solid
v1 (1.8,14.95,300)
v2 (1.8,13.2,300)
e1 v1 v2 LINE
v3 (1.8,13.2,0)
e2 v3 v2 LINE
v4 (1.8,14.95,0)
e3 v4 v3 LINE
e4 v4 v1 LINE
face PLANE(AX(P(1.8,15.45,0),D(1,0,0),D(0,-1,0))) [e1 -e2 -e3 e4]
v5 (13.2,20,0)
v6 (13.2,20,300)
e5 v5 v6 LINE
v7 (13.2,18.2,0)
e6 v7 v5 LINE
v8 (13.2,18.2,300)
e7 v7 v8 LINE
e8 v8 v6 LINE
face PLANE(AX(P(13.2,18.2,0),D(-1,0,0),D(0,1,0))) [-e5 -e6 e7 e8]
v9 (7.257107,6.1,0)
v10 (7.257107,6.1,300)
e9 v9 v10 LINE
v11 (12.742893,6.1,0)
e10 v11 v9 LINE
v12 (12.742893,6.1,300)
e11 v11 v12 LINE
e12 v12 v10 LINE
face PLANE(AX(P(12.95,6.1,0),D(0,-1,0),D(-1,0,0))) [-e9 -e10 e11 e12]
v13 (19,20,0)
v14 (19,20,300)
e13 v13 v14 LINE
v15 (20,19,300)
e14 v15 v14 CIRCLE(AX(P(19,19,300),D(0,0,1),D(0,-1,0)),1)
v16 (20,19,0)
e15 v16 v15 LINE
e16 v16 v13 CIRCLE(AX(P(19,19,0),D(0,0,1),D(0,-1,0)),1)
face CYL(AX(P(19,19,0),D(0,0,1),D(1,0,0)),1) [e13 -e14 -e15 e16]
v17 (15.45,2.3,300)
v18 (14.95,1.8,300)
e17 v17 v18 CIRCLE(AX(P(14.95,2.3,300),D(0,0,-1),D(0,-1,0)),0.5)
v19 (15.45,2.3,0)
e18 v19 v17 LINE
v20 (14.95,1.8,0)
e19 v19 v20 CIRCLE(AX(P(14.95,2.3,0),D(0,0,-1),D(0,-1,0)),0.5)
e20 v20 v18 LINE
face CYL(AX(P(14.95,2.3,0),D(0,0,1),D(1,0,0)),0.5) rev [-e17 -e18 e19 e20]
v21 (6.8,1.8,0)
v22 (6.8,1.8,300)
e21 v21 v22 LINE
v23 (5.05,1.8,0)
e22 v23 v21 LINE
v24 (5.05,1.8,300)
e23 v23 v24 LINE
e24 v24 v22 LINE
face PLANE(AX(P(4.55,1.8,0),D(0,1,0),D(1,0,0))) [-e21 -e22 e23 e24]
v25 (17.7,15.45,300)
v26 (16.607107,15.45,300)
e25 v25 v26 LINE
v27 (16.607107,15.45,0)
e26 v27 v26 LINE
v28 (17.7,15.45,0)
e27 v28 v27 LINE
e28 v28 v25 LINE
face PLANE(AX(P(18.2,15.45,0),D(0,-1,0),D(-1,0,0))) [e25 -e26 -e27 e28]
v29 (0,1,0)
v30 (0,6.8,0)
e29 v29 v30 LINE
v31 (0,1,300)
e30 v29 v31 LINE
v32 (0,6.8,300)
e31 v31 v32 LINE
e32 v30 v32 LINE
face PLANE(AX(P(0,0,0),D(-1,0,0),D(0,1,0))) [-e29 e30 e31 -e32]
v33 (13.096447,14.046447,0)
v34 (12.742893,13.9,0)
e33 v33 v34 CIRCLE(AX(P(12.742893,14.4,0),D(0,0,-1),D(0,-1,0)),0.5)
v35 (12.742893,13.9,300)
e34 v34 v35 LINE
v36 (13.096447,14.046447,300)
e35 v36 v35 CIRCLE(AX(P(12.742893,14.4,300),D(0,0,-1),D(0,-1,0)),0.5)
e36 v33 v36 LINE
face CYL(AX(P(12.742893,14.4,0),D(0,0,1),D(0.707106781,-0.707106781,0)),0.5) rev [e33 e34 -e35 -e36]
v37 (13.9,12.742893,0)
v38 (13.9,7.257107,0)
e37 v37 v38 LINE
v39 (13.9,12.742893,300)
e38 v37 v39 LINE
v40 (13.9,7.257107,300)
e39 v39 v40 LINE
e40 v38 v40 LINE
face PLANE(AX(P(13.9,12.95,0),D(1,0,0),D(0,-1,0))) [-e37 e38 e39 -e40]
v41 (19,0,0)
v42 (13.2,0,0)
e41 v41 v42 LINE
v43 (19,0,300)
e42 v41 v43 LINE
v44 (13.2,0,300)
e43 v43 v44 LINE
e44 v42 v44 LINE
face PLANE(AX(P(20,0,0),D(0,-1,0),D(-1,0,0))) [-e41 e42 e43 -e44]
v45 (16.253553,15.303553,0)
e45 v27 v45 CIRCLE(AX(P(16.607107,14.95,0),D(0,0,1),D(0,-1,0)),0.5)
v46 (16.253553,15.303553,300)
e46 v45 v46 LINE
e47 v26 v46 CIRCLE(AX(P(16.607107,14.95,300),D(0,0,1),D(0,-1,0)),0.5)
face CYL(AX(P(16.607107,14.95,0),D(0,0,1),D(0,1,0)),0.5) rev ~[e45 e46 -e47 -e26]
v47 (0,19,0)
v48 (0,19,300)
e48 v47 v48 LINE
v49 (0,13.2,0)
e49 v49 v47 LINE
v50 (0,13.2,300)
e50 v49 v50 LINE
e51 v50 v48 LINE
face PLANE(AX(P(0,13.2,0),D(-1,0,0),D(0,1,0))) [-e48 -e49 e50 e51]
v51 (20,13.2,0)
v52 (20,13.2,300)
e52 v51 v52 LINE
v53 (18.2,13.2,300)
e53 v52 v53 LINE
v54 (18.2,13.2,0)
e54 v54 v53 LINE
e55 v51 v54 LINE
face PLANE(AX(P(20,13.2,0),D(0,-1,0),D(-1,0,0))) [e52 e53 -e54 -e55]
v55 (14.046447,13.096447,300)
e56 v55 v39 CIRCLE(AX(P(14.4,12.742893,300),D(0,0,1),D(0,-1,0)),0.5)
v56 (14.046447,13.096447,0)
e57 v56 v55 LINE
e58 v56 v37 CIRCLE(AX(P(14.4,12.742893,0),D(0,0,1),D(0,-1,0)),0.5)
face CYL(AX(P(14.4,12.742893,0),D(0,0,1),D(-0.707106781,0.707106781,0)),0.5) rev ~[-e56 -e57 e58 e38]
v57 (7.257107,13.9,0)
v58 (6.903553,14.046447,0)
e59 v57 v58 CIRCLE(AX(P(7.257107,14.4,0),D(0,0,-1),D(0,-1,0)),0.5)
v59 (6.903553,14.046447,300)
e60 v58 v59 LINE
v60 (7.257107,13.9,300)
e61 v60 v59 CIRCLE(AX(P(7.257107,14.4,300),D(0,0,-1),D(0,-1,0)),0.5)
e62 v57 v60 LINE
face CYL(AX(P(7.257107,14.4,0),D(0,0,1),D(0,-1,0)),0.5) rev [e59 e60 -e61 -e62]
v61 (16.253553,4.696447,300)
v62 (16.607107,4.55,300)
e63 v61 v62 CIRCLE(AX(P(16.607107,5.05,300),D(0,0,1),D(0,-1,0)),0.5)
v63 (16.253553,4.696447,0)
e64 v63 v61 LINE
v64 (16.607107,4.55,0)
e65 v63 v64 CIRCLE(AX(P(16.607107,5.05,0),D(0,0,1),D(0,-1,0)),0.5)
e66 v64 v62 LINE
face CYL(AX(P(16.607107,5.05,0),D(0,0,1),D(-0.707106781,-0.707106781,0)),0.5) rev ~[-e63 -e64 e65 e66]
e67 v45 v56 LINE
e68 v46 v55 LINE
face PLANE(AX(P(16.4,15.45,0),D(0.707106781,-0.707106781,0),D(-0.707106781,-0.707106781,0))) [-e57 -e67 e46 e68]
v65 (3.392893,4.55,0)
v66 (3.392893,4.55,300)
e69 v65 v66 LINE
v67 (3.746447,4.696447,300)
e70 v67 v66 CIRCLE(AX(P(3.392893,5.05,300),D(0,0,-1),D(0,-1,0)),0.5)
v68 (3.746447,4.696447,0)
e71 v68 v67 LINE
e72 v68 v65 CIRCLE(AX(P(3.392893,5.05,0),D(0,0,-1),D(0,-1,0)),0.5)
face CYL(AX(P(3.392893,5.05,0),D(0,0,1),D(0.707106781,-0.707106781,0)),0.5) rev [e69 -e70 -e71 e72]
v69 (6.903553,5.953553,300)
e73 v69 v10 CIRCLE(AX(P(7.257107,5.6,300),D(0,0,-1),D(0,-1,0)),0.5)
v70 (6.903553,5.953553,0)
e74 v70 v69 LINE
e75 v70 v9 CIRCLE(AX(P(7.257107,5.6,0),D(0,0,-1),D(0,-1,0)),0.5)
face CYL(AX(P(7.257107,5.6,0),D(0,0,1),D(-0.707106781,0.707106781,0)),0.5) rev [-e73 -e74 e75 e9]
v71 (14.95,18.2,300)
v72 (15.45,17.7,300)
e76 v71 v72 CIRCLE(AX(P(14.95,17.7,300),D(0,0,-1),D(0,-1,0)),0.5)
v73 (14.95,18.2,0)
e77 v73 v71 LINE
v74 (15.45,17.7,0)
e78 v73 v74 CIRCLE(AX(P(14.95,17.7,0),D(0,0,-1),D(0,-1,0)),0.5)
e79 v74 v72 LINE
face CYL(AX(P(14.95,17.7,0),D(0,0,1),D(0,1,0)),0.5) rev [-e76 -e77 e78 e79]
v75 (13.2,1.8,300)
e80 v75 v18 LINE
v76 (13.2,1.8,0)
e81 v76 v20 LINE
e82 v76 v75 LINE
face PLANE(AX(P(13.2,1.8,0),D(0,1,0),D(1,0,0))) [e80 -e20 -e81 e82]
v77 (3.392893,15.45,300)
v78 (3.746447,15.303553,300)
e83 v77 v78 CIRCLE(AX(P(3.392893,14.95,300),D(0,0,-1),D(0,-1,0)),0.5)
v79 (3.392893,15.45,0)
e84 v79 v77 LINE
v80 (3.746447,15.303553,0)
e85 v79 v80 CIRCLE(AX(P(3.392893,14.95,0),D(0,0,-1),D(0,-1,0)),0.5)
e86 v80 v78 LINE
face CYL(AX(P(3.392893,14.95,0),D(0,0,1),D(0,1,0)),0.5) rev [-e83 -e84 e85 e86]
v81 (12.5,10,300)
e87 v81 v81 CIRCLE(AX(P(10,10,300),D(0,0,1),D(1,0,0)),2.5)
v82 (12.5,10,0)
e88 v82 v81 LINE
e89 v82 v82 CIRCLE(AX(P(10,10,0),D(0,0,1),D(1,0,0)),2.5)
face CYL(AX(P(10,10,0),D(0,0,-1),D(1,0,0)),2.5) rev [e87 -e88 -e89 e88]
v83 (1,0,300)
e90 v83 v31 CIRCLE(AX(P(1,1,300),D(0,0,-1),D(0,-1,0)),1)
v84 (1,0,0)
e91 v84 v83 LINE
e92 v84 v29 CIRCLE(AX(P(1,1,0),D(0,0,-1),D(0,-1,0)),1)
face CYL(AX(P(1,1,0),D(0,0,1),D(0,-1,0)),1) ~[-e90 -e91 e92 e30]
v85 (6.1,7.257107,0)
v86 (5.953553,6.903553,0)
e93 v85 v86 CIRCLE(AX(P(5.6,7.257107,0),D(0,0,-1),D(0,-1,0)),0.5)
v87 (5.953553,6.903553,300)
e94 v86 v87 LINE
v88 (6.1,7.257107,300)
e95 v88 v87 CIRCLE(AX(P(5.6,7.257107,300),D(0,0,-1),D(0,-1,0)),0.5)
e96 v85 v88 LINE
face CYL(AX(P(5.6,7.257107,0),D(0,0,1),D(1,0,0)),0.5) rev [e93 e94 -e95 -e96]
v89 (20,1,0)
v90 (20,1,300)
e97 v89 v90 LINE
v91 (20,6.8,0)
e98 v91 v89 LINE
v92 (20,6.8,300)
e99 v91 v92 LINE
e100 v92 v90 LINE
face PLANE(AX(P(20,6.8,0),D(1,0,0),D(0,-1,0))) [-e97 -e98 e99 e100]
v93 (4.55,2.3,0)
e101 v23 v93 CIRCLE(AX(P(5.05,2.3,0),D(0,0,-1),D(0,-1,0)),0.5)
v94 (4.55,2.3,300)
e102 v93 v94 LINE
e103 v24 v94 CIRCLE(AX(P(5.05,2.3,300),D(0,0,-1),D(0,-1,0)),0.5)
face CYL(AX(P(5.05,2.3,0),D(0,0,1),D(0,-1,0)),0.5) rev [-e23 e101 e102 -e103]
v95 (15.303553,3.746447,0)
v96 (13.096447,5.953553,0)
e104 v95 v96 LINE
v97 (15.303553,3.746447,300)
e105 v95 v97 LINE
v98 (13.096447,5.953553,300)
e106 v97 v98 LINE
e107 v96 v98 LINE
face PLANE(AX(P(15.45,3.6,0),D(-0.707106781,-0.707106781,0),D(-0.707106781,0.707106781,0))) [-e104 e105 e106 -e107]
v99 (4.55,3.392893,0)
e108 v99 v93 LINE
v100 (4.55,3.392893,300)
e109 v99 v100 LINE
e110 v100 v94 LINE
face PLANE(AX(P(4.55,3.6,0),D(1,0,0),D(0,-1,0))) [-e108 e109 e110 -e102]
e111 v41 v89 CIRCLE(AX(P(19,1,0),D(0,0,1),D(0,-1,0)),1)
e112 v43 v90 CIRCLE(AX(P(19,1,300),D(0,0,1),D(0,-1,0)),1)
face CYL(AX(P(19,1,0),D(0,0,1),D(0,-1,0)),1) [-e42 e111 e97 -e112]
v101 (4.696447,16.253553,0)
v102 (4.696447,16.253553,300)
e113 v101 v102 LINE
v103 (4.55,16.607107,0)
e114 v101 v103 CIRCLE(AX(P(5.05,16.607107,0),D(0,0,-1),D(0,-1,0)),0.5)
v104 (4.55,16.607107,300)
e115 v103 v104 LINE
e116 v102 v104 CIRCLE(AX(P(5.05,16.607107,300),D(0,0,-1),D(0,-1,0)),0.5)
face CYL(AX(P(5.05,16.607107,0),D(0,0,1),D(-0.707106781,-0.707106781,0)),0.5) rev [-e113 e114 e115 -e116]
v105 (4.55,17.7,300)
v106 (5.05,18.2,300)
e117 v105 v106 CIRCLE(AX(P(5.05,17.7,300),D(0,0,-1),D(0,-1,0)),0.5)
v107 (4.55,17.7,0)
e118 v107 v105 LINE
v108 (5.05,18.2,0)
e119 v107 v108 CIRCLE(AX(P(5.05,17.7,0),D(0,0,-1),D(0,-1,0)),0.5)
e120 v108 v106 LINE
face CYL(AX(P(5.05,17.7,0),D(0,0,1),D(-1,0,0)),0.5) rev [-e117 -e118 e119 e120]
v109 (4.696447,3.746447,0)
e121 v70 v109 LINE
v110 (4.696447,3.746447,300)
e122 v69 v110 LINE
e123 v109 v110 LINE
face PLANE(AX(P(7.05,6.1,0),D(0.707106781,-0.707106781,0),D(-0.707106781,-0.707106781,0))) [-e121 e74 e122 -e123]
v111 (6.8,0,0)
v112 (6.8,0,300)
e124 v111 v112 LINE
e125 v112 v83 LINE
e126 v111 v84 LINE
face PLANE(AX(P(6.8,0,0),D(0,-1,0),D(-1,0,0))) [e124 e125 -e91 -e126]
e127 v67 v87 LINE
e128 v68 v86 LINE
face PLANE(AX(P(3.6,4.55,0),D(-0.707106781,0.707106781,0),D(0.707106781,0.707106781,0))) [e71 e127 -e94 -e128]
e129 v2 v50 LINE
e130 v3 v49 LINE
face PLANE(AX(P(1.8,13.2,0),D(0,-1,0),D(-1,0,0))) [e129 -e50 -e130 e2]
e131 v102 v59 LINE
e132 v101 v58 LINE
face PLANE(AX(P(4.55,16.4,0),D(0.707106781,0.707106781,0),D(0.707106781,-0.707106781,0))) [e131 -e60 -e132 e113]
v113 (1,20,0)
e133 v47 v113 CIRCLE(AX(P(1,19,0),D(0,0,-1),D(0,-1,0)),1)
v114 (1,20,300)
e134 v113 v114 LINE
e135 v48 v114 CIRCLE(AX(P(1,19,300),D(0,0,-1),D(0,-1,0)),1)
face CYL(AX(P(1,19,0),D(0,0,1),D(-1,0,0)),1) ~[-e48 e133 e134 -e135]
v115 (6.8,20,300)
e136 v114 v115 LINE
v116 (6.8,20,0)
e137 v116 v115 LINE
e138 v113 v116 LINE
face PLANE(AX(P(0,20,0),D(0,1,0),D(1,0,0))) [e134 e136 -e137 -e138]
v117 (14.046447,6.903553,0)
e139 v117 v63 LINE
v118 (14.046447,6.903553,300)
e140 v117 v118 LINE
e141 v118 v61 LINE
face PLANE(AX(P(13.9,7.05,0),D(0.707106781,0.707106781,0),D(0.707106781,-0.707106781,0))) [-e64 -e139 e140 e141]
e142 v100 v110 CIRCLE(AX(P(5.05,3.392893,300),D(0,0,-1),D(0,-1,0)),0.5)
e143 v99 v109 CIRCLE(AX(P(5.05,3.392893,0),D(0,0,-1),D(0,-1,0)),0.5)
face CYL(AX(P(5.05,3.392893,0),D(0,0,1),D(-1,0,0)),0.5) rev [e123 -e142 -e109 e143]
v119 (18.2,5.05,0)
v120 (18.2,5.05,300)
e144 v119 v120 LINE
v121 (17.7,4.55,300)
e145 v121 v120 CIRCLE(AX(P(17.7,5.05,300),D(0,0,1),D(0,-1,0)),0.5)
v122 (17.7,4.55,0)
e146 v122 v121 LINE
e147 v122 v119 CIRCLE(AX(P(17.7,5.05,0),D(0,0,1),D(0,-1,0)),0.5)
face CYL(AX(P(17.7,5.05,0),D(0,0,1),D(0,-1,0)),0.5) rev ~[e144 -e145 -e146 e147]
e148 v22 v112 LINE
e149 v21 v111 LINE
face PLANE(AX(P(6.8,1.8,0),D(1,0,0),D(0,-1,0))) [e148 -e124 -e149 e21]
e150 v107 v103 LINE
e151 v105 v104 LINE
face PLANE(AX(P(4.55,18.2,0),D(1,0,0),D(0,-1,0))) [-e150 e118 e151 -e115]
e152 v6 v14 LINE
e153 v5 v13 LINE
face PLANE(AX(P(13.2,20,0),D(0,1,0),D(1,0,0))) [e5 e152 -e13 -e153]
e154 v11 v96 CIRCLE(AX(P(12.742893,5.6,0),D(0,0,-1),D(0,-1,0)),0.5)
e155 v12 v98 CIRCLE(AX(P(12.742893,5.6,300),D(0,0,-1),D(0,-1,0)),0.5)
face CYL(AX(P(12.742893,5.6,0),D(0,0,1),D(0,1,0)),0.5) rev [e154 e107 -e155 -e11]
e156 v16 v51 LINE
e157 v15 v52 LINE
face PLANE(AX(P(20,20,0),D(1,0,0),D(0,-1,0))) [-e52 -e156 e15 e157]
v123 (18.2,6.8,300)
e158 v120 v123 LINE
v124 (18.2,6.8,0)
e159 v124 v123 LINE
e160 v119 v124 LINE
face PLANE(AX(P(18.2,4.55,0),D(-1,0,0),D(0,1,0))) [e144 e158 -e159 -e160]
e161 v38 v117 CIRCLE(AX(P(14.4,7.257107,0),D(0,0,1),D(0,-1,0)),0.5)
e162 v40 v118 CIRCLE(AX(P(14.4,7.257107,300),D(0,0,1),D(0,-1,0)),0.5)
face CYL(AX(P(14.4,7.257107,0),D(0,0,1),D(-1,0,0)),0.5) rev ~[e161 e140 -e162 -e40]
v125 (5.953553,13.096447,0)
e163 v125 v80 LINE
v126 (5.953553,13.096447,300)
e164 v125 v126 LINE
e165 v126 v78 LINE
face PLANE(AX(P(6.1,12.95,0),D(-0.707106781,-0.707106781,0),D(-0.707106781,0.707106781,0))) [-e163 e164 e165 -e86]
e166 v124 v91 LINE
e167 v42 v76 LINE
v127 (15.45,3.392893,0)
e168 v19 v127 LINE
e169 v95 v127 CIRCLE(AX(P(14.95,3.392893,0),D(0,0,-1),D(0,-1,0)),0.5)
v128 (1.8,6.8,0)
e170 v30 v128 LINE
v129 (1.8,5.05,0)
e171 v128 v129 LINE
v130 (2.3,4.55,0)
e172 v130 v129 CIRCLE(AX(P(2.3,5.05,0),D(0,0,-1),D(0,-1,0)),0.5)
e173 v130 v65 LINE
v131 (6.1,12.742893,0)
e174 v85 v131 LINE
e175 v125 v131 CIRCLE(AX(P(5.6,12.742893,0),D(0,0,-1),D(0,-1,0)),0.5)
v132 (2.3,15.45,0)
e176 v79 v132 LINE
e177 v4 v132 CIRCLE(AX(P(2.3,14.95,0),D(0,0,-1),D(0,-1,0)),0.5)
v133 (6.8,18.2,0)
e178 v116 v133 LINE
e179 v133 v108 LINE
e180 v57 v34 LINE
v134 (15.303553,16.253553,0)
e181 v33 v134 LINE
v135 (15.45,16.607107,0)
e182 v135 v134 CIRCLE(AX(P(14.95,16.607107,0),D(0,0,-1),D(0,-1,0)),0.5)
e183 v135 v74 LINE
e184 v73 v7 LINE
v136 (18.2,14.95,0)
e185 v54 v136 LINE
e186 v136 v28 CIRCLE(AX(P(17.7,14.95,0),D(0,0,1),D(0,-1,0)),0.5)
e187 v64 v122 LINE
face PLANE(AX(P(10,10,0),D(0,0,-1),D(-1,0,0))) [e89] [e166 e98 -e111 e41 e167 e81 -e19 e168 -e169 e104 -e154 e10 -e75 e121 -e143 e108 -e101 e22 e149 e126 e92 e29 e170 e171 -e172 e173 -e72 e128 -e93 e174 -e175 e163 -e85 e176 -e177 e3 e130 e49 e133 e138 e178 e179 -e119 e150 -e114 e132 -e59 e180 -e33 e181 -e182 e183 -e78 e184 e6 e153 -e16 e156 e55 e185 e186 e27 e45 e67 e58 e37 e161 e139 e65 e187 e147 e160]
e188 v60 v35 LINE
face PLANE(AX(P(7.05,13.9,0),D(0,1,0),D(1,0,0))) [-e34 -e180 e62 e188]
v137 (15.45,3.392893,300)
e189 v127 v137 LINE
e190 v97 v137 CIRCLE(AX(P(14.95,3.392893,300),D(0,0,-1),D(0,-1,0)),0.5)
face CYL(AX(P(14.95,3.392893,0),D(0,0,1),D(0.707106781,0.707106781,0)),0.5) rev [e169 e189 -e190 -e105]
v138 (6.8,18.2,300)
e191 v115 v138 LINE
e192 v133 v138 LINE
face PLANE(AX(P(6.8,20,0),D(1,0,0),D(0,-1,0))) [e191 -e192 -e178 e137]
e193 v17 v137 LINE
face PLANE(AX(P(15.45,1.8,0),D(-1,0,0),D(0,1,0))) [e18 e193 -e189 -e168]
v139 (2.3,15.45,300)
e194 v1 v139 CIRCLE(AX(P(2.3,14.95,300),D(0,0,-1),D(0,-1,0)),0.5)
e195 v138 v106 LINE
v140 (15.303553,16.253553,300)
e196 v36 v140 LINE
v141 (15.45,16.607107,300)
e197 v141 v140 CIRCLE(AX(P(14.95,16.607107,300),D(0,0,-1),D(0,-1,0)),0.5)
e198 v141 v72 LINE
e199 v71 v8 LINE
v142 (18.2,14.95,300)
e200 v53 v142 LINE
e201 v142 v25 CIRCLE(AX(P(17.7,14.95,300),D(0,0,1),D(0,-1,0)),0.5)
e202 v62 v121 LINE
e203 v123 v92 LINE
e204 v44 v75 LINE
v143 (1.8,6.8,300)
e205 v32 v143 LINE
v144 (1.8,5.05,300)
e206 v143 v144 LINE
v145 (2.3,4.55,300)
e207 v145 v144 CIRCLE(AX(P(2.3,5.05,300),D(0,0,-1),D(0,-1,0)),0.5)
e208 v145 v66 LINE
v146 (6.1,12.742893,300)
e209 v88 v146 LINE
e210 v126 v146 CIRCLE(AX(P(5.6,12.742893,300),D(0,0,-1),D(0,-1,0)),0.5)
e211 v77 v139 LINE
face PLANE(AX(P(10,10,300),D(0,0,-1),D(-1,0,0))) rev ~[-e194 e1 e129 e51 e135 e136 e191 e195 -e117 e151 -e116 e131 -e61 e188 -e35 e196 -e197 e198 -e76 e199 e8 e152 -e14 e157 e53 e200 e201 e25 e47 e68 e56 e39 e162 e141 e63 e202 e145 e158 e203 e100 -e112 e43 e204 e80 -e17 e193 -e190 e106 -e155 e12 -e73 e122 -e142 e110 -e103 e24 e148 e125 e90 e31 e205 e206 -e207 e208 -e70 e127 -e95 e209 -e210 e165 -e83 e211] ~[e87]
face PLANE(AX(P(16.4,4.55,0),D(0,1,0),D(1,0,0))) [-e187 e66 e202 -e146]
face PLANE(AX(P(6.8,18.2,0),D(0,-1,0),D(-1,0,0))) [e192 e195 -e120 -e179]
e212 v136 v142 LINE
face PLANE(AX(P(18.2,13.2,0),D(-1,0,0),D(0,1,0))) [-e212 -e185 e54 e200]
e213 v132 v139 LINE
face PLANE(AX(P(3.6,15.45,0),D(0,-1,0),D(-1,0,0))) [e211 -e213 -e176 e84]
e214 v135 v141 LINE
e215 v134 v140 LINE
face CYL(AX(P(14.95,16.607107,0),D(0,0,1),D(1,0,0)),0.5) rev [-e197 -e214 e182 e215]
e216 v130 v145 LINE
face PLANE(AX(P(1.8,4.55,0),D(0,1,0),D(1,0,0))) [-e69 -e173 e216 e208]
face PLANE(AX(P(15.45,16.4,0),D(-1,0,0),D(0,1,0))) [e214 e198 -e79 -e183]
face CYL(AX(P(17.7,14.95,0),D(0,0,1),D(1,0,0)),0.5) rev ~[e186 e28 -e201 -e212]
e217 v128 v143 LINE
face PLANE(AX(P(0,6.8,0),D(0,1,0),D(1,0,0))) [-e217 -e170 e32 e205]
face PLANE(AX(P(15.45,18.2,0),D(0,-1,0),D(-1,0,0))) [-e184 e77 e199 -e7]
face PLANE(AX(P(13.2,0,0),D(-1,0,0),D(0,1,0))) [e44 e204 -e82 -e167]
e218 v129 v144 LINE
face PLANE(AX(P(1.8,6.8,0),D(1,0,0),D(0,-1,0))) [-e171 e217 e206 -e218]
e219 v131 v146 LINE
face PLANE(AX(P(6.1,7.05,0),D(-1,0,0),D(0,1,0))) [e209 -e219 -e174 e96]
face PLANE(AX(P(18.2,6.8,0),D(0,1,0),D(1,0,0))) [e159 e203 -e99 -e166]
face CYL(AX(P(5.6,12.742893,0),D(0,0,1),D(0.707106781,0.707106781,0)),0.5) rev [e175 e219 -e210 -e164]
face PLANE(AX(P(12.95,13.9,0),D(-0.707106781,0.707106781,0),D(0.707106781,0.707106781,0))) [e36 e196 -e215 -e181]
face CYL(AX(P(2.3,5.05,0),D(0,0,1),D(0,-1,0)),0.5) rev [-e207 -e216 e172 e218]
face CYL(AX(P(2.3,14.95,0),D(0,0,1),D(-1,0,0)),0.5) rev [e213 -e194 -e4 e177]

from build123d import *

# Parameters (mm, degrees)
SKETCH1_R           = 2.5
BOSS_EXTRUDE1_DEPTH = 300
FILLET1_R           = 1
FILLET2_R           = 0.5
FILLET3_R           = 0.5
FILLET4_R           = 0.5
FILLET5_R           = 0.5


with BuildPart() as part:
    # Sketch1 → Boss-Extrude1 (new body)
    with BuildSketch(Plane.XY):
        Polygon((13.2, 0), (13.2, 1.8), (15.45, 1.8), (15.45, 3.6), (12.95, 6.1), (7.05, 6.1), (4.55, 3.6), (4.55, 1.8), (6.8, 1.8), (6.8, 0), (0, 0), (0, 6.8), (1.8, 6.8), (1.8, 4.55), (3.6, 4.55), (6.1, 7.05), (6.1, 12.95), (3.6, 15.45), (1.8, 15.45), (1.8, 13.2), (0, 13.2), (0, 20), (6.8, 20), (6.8, 18.2), (4.55, 18.2), (4.55, 16.4), (7.05, 13.9), (12.95, 13.9), (15.45, 16.4), (15.45, 18.2), (13.2, 18.2), (13.2, 20), (20, 20), (20, 13.2), (18.2, 13.2), (18.2, 15.45), (16.4, 15.45), (13.9, 12.95), (13.9, 7.05), (16.4, 4.55), (18.2, 4.55), (18.2, 6.8), (20, 6.8), (20, 0), align=None)
        with Locations((10, 10)):
            Circle(SKETCH1_R, mode=Mode.SUBTRACT)
    extrude(amount=BOSS_EXTRUDE1_DEPTH)

    # Fillet1
    fillet1_edges = [part.edges().sort_by_distance(p)[0] for p in [
        (0, 0, 150),
        (0, 20, 150),
        (20, 20, 150),
        (20, 0, 150),
    ]]
    fillet(fillet1_edges, radius=FILLET1_R)

    # Fillet2
    fillet2_edges = [part.edges().sort_by_distance(p)[0] for p in [
        (4.55, 18.2, 150),
        (4.55, 16.4, 150),
        (7.05, 13.9, 150),
        (12.95, 13.9, 150),
        (15.45, 16.4, 150),
        (15.45, 18.2, 150),
    ]]
    fillet(fillet2_edges, radius=FILLET2_R)

    # Fillet3
    fillet3_edges = [part.edges().sort_by_distance(p)[0] for p in [
        (18.2, 15.45, 150),
        (16.4, 15.45, 150),
        (13.9, 12.95, 150),
        (13.9, 7.05, 150),
        (16.4, 4.55, 150),
        (18.2, 4.55, 150),
    ]]
    fillet(fillet3_edges, radius=FILLET3_R)

    # Fillet4
    fillet4_edges = [part.edges().sort_by_distance(p)[0] for p in [
        (1.8, 4.55, 150),
        (3.6, 4.55, 150),
        (6.1, 7.05, 150),
        (6.1, 12.95, 150),
        (3.6, 15.45, 150),
        (1.8, 15.45, 150),
    ]]
    fillet(fillet4_edges, radius=FILLET4_R)

    # Fillet5
    fillet5_edges = [part.edges().sort_by_distance(p)[0] for p in [
        (15.45, 1.8, 150),
        (15.45, 3.6, 150),
        (12.95, 6.1, 150),
        (7.05, 6.1, 150),
        (4.55, 3.6, 150),
        (4.55, 1.8, 150),
    ]]
    fillet(fillet5_edges, radius=FILLET5_R)


solid = part.part
